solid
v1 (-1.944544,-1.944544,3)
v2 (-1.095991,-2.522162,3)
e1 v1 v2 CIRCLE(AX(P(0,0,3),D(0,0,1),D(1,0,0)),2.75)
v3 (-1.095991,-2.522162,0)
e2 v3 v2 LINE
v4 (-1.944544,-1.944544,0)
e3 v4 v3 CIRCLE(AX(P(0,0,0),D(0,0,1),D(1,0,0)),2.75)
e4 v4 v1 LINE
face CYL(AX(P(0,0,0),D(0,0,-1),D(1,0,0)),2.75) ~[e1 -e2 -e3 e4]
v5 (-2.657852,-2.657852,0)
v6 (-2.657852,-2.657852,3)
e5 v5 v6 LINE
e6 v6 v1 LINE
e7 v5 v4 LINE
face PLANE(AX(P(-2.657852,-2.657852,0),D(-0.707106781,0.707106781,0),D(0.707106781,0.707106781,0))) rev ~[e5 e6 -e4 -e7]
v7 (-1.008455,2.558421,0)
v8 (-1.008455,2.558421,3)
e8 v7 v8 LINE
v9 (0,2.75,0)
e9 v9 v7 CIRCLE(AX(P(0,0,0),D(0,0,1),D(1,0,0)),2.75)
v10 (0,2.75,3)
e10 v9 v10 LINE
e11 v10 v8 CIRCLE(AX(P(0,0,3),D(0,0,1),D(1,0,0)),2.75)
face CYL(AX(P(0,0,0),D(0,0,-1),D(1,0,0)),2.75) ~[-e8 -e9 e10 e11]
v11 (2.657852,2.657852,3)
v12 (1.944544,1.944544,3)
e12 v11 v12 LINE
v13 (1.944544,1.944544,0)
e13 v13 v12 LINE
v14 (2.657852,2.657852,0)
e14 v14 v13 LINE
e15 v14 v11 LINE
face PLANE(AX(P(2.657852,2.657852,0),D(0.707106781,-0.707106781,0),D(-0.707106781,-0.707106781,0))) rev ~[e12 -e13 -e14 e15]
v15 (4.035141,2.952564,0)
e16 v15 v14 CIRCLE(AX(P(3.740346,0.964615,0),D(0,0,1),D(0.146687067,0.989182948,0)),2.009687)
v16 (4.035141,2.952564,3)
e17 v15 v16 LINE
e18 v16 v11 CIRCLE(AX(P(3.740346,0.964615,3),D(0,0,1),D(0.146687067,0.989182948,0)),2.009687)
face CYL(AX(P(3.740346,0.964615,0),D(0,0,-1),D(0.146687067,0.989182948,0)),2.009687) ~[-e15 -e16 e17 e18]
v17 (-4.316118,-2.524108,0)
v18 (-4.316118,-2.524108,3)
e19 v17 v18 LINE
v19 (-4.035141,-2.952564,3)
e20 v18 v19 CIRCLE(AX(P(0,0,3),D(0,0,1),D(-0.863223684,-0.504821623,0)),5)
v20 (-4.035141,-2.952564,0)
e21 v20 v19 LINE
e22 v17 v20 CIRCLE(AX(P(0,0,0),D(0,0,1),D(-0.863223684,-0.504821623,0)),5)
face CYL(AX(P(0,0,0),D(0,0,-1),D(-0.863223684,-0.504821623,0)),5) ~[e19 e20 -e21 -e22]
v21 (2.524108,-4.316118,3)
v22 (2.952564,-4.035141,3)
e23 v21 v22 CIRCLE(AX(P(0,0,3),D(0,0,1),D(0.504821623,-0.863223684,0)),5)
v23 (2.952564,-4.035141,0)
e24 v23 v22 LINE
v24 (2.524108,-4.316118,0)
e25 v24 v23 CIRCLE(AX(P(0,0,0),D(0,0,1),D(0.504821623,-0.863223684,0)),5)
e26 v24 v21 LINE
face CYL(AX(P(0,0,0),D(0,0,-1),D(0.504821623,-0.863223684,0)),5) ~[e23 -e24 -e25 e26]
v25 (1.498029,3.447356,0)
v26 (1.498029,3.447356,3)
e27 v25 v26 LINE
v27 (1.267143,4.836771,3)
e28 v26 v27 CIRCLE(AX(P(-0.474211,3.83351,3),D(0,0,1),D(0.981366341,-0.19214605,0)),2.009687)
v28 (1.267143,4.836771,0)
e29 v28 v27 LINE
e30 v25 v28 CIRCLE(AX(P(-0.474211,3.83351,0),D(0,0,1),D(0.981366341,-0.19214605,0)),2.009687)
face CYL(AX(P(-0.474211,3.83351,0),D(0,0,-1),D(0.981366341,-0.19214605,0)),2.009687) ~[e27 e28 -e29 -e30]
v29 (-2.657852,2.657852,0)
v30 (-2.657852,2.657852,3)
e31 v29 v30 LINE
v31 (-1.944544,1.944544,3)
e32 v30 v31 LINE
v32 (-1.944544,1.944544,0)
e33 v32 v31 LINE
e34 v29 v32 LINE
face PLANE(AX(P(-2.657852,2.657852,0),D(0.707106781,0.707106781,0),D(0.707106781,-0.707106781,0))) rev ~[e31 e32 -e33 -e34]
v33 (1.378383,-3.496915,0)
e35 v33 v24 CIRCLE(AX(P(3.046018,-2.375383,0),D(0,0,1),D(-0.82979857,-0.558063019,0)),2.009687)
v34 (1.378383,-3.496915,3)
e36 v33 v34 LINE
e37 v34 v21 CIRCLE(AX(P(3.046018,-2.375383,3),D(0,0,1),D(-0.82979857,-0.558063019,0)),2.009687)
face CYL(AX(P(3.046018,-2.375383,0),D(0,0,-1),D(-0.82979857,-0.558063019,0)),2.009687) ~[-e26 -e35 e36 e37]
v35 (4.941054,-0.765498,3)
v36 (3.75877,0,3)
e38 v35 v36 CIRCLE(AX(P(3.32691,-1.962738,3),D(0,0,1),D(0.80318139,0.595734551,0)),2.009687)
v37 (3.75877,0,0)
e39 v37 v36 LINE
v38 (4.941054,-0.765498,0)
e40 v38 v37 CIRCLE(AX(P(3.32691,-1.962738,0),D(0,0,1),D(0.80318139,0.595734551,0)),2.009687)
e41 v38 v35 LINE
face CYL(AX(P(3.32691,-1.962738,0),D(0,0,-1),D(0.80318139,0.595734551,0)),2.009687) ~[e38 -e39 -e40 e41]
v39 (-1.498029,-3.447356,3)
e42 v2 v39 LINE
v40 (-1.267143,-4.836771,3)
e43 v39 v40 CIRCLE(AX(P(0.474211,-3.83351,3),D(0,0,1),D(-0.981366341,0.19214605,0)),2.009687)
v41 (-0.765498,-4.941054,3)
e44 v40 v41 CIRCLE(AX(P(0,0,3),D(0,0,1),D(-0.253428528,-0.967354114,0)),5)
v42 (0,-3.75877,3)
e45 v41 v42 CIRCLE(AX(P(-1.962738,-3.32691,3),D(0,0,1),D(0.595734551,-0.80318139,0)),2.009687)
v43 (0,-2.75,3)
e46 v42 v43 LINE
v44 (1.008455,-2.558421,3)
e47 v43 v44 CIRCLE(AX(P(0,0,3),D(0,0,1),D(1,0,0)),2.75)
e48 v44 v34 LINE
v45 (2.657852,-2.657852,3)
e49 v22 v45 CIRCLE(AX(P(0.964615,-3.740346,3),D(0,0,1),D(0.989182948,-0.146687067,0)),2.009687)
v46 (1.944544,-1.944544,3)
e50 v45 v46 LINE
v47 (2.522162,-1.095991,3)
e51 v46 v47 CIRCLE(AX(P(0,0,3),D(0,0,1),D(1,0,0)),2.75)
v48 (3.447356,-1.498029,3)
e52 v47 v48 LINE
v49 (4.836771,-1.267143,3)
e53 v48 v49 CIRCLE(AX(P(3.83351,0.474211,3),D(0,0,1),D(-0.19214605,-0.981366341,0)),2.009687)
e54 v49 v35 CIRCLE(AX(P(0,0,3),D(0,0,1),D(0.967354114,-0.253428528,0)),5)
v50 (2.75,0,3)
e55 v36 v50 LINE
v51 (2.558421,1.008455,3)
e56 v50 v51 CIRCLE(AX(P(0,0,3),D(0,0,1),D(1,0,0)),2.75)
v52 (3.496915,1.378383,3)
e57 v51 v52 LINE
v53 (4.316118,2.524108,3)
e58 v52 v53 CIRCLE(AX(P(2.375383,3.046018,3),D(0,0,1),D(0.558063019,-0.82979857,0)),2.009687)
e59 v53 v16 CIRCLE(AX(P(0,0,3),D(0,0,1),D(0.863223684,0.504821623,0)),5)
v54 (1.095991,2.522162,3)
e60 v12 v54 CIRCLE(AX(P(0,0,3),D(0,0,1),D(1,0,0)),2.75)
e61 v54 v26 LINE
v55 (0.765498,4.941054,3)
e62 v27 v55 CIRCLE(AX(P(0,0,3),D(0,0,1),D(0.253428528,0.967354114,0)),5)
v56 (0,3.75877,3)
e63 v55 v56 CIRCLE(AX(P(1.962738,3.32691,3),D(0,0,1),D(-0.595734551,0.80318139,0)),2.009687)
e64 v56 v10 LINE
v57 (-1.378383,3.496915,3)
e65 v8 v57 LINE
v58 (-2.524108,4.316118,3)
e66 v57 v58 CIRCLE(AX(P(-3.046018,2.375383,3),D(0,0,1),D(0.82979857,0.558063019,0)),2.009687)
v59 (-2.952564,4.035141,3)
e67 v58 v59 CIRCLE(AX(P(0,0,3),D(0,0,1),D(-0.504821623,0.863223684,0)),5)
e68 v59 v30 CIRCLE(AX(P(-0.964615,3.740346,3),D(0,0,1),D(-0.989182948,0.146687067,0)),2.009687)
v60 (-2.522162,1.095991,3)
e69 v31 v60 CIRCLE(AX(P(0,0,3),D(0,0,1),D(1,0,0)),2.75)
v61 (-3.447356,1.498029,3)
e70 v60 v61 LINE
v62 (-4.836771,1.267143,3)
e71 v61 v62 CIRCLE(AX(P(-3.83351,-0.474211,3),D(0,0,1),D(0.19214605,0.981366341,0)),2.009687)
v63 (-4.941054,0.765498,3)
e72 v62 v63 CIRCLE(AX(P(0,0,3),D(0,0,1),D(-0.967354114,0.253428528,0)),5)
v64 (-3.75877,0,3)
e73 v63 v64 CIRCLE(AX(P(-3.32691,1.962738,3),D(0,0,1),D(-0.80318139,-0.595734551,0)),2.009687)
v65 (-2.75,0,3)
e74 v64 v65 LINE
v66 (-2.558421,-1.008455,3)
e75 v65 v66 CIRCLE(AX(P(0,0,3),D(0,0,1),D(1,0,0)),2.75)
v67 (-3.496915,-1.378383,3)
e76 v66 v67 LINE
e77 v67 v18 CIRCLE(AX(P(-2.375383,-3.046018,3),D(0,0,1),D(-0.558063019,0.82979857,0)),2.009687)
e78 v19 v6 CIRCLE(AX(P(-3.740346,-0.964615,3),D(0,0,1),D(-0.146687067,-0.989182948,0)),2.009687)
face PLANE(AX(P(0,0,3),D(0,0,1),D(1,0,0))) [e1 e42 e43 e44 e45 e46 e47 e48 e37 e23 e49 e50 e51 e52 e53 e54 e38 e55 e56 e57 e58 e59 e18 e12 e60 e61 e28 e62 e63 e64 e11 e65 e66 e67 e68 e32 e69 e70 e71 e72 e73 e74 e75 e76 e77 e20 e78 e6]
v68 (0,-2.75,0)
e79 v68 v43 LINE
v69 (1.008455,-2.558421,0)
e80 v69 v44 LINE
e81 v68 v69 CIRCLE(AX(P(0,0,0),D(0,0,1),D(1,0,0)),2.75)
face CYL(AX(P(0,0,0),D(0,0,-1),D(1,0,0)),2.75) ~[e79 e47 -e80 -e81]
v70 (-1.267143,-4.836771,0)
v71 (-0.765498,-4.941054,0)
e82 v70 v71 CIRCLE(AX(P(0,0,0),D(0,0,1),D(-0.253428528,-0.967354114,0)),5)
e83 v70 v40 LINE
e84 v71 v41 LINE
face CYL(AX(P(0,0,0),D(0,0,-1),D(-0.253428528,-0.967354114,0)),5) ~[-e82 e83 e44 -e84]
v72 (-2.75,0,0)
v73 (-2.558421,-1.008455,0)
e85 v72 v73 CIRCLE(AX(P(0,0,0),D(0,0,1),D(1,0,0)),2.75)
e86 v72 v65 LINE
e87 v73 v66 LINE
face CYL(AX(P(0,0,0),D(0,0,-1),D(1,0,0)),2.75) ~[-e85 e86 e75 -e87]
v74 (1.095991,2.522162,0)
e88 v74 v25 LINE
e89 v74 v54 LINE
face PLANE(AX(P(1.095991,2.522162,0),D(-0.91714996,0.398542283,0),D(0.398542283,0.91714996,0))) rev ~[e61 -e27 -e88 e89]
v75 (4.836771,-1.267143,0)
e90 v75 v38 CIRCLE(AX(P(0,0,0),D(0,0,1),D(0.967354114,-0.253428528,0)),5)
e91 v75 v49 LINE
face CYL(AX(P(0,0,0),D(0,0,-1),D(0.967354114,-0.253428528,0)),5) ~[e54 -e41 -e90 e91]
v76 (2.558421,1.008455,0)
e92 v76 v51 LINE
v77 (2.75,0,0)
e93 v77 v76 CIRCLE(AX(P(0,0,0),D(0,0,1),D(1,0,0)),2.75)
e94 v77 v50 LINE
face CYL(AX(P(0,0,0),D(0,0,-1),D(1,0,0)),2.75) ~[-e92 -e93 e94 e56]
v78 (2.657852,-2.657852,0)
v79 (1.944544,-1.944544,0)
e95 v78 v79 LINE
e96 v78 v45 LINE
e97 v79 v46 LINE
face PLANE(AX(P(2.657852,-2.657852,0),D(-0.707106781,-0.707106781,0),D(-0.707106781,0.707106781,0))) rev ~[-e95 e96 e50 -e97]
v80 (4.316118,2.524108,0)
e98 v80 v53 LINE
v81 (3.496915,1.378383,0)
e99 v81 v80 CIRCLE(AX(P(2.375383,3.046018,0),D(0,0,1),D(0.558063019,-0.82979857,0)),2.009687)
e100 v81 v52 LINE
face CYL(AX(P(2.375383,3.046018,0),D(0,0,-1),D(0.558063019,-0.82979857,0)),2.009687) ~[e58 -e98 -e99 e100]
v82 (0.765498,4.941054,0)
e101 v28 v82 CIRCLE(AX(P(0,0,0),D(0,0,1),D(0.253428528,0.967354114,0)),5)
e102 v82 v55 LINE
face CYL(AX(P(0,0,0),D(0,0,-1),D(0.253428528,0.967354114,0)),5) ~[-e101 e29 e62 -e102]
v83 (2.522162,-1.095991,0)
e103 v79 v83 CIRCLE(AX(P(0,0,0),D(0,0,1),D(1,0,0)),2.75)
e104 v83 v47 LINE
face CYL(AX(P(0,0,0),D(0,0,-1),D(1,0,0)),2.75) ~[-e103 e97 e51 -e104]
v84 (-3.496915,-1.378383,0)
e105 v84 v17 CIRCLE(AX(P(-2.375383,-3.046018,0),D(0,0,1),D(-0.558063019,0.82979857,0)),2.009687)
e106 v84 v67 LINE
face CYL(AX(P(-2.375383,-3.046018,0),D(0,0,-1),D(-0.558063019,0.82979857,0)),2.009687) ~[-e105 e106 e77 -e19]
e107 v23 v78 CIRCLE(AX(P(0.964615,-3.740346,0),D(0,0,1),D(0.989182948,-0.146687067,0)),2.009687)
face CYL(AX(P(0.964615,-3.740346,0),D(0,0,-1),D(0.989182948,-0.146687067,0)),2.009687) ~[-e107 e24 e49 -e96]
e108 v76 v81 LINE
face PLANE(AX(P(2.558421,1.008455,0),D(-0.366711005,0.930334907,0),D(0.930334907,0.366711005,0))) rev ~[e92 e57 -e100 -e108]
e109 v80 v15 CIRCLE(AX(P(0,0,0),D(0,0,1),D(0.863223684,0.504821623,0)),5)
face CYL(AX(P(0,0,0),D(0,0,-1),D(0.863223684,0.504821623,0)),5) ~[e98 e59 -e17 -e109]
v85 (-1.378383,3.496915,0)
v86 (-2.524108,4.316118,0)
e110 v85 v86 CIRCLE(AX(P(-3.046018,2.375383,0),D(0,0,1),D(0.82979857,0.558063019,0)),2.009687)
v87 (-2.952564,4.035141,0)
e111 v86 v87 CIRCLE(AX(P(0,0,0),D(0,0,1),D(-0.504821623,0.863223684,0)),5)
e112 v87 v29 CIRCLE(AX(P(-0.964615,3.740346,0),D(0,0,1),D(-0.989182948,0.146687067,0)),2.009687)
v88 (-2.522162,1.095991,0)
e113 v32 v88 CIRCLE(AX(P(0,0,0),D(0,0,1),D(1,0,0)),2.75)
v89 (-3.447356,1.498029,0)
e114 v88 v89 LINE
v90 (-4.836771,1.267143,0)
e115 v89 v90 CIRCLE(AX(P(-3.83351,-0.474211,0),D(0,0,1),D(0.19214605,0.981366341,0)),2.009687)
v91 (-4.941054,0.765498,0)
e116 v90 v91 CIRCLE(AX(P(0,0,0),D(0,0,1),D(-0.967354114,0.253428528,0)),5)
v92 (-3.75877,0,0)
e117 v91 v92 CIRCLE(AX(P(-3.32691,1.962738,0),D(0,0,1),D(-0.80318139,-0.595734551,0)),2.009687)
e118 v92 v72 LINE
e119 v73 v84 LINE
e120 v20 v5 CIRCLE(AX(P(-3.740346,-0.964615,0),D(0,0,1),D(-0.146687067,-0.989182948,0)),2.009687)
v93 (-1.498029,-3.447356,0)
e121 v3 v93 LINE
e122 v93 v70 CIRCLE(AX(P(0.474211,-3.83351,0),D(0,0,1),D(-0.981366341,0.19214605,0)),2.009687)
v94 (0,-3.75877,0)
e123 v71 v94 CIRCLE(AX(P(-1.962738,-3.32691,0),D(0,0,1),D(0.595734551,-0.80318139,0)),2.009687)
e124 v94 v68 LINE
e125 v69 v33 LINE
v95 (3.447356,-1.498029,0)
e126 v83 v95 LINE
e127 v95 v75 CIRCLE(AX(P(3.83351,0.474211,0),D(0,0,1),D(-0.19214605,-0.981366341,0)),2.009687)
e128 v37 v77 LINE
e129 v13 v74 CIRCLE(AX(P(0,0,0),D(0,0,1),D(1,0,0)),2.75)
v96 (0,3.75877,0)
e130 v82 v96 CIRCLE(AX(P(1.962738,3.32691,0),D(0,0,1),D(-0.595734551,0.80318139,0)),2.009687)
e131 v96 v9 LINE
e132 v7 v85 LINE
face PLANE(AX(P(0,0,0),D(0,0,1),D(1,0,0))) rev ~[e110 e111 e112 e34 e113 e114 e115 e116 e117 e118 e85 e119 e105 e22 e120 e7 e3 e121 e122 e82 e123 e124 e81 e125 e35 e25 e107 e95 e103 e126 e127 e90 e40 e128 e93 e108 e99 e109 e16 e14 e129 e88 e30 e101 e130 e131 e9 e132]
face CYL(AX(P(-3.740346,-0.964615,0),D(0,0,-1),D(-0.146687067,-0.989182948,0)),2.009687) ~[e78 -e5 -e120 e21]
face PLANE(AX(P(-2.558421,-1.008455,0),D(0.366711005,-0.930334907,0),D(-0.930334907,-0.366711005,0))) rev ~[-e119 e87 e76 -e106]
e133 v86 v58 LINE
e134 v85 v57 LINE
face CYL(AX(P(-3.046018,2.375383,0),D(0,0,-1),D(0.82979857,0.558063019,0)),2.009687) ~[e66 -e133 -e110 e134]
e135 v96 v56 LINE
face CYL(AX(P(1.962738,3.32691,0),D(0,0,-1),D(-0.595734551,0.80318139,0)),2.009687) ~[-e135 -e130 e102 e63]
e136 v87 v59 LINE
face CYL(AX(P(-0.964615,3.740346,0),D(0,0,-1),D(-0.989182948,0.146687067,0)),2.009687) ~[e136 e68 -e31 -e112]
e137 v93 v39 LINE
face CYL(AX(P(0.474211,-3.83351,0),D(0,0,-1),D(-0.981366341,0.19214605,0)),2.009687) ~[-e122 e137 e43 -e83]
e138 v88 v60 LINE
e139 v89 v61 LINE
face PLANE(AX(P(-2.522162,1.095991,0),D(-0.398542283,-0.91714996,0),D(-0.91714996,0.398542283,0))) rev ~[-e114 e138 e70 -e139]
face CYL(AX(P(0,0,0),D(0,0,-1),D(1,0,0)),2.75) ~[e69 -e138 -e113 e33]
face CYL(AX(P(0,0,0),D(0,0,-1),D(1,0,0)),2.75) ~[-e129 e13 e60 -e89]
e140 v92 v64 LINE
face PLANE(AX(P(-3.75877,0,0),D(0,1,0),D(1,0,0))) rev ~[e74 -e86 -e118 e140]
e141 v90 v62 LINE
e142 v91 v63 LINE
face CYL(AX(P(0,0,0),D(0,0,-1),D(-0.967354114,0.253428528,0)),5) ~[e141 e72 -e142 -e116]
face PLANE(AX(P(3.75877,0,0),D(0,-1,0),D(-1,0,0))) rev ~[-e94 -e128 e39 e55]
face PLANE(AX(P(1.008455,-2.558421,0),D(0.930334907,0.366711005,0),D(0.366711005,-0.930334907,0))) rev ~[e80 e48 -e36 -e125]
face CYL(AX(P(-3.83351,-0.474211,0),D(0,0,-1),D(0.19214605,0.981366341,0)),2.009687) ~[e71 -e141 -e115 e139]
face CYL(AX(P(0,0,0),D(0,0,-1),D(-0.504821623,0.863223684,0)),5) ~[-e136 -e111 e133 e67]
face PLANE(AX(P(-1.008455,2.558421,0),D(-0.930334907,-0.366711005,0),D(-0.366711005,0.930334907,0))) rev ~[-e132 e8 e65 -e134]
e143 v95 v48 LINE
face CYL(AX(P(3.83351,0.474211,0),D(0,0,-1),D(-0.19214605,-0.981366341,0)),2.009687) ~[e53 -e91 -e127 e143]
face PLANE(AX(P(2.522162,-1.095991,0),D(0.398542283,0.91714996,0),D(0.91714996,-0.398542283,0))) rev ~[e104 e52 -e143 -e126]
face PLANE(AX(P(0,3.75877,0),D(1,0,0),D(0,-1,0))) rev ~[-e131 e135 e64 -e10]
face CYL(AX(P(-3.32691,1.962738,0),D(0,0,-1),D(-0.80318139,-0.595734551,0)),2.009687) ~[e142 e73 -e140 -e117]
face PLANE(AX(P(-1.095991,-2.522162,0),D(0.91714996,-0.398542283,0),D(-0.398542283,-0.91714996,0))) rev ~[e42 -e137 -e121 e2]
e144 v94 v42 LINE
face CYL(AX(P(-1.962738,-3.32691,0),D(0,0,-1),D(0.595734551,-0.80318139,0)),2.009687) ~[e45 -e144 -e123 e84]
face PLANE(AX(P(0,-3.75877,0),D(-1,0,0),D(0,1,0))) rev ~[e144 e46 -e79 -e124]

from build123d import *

# Parameters (mm, degrees)
BOSS_EXTRU_1_DEPTH           = 3
R_P_TITION_CIRCULAIRE2_COUNT = 8
ESQUISSE5_R                  = 2.75
BOSS_EXTRU_2_DEPTH           = 3


with BuildPart() as part:
    # Esquisse4 → Boss.-Extru.1 (new body)
    with BuildSketch(Plane.XY):
        with BuildLine():
            Line((0, 3.758770483), (0, 2.75))
            ThreePointArc((0, 2.75), (0.559711277, 2.692438168), (1.095991276, 2.52216239))
            Line((1.095991276, 2.52216239), (1.498028967, 3.447356198))
            ThreePointArc((1.498028967, 3.447356198), (1.508290586, 4.162952408), (1.26714265, 4.836770566))
            ThreePointArc((1.26714265, 4.836770566), (1.017656867, 4.895342123), (0.765497749, 4.941053855))
            ThreePointArc((0.765497749, 4.941053855), (0.275783903, 4.419169208), (0, 3.758770483))
        make_face()
    extrude(amount=BOSS_EXTRU_1_DEPTH)


with BuildPart() as r_p_tition_circulaire2_1:
    # Répétition circulaire2: pattern copy
    add(part.part.rotate(Axis((0, 0, 0), (0, 0, 1)), 1 * 360 / R_P_TITION_CIRCULAIRE2_COUNT))


with BuildPart() as r_p_tition_circulaire2_2:
    # Répétition circulaire2: pattern copy
    add(part.part.rotate(Axis((0, 0, 0), (0, 0, 1)), 2 * 360 / R_P_TITION_CIRCULAIRE2_COUNT))


with BuildPart() as r_p_tition_circulaire2_3:
    # Répétition circulaire2: pattern copy
    add(part.part.rotate(Axis((0, 0, 0), (0, 0, 1)), 3 * 360 / R_P_TITION_CIRCULAIRE2_COUNT))


with BuildPart() as r_p_tition_circulaire2_4:
    # Répétition circulaire2: pattern copy
    add(part.part.rotate(Axis((0, 0, 0), (0, 0, 1)), 4 * 360 / R_P_TITION_CIRCULAIRE2_COUNT))


with BuildPart() as r_p_tition_circulaire2_5:
    # Répétition circulaire2: pattern copy
    add(part.part.rotate(Axis((0, 0, 0), (0, 0, 1)), 5 * 360 / R_P_TITION_CIRCULAIRE2_COUNT))


with BuildPart() as r_p_tition_circulaire2_6:
    # Répétition circulaire2: pattern copy
    add(part.part.rotate(Axis((0, 0, 0), (0, 0, 1)), 6 * 360 / R_P_TITION_CIRCULAIRE2_COUNT))


with BuildPart() as r_p_tition_circulaire2_7:
    # Répétition circulaire2: pattern copy
    add(part.part.rotate(Axis((0, 0, 0), (0, 0, 1)), 7 * 360 / R_P_TITION_CIRCULAIRE2_COUNT))


with BuildPart() as part_1:
    add(part.part)

    add(r_p_tition_circulaire2_1.part)  # Boss.-Extru.2 merges Répétition circulaire2_1

    add(r_p_tition_circulaire2_2.part)  # Boss.-Extru.2 merges Répétition circulaire2_2

    add(r_p_tition_circulaire2_3.part)  # Boss.-Extru.2 merges Répétition circulaire2_3

    add(r_p_tition_circulaire2_4.part)  # Boss.-Extru.2 merges Répétition circulaire2_4

    add(r_p_tition_circulaire2_5.part)  # Boss.-Extru.2 merges Répétition circulaire2_5

    add(r_p_tition_circulaire2_6.part)  # Boss.-Extru.2 merges Répétition circulaire2_6

    add(r_p_tition_circulaire2_7.part)  # Boss.-Extru.2 merges Répétition circulaire2_7
    # Esquisse5 → Boss.-Extru.2 (add)
    with BuildSketch(Plane.XY):
        Circle(ESQUISSE5_R)
    extrude(amount=BOSS_EXTRU_2_DEPTH)


solid = part_1.part
